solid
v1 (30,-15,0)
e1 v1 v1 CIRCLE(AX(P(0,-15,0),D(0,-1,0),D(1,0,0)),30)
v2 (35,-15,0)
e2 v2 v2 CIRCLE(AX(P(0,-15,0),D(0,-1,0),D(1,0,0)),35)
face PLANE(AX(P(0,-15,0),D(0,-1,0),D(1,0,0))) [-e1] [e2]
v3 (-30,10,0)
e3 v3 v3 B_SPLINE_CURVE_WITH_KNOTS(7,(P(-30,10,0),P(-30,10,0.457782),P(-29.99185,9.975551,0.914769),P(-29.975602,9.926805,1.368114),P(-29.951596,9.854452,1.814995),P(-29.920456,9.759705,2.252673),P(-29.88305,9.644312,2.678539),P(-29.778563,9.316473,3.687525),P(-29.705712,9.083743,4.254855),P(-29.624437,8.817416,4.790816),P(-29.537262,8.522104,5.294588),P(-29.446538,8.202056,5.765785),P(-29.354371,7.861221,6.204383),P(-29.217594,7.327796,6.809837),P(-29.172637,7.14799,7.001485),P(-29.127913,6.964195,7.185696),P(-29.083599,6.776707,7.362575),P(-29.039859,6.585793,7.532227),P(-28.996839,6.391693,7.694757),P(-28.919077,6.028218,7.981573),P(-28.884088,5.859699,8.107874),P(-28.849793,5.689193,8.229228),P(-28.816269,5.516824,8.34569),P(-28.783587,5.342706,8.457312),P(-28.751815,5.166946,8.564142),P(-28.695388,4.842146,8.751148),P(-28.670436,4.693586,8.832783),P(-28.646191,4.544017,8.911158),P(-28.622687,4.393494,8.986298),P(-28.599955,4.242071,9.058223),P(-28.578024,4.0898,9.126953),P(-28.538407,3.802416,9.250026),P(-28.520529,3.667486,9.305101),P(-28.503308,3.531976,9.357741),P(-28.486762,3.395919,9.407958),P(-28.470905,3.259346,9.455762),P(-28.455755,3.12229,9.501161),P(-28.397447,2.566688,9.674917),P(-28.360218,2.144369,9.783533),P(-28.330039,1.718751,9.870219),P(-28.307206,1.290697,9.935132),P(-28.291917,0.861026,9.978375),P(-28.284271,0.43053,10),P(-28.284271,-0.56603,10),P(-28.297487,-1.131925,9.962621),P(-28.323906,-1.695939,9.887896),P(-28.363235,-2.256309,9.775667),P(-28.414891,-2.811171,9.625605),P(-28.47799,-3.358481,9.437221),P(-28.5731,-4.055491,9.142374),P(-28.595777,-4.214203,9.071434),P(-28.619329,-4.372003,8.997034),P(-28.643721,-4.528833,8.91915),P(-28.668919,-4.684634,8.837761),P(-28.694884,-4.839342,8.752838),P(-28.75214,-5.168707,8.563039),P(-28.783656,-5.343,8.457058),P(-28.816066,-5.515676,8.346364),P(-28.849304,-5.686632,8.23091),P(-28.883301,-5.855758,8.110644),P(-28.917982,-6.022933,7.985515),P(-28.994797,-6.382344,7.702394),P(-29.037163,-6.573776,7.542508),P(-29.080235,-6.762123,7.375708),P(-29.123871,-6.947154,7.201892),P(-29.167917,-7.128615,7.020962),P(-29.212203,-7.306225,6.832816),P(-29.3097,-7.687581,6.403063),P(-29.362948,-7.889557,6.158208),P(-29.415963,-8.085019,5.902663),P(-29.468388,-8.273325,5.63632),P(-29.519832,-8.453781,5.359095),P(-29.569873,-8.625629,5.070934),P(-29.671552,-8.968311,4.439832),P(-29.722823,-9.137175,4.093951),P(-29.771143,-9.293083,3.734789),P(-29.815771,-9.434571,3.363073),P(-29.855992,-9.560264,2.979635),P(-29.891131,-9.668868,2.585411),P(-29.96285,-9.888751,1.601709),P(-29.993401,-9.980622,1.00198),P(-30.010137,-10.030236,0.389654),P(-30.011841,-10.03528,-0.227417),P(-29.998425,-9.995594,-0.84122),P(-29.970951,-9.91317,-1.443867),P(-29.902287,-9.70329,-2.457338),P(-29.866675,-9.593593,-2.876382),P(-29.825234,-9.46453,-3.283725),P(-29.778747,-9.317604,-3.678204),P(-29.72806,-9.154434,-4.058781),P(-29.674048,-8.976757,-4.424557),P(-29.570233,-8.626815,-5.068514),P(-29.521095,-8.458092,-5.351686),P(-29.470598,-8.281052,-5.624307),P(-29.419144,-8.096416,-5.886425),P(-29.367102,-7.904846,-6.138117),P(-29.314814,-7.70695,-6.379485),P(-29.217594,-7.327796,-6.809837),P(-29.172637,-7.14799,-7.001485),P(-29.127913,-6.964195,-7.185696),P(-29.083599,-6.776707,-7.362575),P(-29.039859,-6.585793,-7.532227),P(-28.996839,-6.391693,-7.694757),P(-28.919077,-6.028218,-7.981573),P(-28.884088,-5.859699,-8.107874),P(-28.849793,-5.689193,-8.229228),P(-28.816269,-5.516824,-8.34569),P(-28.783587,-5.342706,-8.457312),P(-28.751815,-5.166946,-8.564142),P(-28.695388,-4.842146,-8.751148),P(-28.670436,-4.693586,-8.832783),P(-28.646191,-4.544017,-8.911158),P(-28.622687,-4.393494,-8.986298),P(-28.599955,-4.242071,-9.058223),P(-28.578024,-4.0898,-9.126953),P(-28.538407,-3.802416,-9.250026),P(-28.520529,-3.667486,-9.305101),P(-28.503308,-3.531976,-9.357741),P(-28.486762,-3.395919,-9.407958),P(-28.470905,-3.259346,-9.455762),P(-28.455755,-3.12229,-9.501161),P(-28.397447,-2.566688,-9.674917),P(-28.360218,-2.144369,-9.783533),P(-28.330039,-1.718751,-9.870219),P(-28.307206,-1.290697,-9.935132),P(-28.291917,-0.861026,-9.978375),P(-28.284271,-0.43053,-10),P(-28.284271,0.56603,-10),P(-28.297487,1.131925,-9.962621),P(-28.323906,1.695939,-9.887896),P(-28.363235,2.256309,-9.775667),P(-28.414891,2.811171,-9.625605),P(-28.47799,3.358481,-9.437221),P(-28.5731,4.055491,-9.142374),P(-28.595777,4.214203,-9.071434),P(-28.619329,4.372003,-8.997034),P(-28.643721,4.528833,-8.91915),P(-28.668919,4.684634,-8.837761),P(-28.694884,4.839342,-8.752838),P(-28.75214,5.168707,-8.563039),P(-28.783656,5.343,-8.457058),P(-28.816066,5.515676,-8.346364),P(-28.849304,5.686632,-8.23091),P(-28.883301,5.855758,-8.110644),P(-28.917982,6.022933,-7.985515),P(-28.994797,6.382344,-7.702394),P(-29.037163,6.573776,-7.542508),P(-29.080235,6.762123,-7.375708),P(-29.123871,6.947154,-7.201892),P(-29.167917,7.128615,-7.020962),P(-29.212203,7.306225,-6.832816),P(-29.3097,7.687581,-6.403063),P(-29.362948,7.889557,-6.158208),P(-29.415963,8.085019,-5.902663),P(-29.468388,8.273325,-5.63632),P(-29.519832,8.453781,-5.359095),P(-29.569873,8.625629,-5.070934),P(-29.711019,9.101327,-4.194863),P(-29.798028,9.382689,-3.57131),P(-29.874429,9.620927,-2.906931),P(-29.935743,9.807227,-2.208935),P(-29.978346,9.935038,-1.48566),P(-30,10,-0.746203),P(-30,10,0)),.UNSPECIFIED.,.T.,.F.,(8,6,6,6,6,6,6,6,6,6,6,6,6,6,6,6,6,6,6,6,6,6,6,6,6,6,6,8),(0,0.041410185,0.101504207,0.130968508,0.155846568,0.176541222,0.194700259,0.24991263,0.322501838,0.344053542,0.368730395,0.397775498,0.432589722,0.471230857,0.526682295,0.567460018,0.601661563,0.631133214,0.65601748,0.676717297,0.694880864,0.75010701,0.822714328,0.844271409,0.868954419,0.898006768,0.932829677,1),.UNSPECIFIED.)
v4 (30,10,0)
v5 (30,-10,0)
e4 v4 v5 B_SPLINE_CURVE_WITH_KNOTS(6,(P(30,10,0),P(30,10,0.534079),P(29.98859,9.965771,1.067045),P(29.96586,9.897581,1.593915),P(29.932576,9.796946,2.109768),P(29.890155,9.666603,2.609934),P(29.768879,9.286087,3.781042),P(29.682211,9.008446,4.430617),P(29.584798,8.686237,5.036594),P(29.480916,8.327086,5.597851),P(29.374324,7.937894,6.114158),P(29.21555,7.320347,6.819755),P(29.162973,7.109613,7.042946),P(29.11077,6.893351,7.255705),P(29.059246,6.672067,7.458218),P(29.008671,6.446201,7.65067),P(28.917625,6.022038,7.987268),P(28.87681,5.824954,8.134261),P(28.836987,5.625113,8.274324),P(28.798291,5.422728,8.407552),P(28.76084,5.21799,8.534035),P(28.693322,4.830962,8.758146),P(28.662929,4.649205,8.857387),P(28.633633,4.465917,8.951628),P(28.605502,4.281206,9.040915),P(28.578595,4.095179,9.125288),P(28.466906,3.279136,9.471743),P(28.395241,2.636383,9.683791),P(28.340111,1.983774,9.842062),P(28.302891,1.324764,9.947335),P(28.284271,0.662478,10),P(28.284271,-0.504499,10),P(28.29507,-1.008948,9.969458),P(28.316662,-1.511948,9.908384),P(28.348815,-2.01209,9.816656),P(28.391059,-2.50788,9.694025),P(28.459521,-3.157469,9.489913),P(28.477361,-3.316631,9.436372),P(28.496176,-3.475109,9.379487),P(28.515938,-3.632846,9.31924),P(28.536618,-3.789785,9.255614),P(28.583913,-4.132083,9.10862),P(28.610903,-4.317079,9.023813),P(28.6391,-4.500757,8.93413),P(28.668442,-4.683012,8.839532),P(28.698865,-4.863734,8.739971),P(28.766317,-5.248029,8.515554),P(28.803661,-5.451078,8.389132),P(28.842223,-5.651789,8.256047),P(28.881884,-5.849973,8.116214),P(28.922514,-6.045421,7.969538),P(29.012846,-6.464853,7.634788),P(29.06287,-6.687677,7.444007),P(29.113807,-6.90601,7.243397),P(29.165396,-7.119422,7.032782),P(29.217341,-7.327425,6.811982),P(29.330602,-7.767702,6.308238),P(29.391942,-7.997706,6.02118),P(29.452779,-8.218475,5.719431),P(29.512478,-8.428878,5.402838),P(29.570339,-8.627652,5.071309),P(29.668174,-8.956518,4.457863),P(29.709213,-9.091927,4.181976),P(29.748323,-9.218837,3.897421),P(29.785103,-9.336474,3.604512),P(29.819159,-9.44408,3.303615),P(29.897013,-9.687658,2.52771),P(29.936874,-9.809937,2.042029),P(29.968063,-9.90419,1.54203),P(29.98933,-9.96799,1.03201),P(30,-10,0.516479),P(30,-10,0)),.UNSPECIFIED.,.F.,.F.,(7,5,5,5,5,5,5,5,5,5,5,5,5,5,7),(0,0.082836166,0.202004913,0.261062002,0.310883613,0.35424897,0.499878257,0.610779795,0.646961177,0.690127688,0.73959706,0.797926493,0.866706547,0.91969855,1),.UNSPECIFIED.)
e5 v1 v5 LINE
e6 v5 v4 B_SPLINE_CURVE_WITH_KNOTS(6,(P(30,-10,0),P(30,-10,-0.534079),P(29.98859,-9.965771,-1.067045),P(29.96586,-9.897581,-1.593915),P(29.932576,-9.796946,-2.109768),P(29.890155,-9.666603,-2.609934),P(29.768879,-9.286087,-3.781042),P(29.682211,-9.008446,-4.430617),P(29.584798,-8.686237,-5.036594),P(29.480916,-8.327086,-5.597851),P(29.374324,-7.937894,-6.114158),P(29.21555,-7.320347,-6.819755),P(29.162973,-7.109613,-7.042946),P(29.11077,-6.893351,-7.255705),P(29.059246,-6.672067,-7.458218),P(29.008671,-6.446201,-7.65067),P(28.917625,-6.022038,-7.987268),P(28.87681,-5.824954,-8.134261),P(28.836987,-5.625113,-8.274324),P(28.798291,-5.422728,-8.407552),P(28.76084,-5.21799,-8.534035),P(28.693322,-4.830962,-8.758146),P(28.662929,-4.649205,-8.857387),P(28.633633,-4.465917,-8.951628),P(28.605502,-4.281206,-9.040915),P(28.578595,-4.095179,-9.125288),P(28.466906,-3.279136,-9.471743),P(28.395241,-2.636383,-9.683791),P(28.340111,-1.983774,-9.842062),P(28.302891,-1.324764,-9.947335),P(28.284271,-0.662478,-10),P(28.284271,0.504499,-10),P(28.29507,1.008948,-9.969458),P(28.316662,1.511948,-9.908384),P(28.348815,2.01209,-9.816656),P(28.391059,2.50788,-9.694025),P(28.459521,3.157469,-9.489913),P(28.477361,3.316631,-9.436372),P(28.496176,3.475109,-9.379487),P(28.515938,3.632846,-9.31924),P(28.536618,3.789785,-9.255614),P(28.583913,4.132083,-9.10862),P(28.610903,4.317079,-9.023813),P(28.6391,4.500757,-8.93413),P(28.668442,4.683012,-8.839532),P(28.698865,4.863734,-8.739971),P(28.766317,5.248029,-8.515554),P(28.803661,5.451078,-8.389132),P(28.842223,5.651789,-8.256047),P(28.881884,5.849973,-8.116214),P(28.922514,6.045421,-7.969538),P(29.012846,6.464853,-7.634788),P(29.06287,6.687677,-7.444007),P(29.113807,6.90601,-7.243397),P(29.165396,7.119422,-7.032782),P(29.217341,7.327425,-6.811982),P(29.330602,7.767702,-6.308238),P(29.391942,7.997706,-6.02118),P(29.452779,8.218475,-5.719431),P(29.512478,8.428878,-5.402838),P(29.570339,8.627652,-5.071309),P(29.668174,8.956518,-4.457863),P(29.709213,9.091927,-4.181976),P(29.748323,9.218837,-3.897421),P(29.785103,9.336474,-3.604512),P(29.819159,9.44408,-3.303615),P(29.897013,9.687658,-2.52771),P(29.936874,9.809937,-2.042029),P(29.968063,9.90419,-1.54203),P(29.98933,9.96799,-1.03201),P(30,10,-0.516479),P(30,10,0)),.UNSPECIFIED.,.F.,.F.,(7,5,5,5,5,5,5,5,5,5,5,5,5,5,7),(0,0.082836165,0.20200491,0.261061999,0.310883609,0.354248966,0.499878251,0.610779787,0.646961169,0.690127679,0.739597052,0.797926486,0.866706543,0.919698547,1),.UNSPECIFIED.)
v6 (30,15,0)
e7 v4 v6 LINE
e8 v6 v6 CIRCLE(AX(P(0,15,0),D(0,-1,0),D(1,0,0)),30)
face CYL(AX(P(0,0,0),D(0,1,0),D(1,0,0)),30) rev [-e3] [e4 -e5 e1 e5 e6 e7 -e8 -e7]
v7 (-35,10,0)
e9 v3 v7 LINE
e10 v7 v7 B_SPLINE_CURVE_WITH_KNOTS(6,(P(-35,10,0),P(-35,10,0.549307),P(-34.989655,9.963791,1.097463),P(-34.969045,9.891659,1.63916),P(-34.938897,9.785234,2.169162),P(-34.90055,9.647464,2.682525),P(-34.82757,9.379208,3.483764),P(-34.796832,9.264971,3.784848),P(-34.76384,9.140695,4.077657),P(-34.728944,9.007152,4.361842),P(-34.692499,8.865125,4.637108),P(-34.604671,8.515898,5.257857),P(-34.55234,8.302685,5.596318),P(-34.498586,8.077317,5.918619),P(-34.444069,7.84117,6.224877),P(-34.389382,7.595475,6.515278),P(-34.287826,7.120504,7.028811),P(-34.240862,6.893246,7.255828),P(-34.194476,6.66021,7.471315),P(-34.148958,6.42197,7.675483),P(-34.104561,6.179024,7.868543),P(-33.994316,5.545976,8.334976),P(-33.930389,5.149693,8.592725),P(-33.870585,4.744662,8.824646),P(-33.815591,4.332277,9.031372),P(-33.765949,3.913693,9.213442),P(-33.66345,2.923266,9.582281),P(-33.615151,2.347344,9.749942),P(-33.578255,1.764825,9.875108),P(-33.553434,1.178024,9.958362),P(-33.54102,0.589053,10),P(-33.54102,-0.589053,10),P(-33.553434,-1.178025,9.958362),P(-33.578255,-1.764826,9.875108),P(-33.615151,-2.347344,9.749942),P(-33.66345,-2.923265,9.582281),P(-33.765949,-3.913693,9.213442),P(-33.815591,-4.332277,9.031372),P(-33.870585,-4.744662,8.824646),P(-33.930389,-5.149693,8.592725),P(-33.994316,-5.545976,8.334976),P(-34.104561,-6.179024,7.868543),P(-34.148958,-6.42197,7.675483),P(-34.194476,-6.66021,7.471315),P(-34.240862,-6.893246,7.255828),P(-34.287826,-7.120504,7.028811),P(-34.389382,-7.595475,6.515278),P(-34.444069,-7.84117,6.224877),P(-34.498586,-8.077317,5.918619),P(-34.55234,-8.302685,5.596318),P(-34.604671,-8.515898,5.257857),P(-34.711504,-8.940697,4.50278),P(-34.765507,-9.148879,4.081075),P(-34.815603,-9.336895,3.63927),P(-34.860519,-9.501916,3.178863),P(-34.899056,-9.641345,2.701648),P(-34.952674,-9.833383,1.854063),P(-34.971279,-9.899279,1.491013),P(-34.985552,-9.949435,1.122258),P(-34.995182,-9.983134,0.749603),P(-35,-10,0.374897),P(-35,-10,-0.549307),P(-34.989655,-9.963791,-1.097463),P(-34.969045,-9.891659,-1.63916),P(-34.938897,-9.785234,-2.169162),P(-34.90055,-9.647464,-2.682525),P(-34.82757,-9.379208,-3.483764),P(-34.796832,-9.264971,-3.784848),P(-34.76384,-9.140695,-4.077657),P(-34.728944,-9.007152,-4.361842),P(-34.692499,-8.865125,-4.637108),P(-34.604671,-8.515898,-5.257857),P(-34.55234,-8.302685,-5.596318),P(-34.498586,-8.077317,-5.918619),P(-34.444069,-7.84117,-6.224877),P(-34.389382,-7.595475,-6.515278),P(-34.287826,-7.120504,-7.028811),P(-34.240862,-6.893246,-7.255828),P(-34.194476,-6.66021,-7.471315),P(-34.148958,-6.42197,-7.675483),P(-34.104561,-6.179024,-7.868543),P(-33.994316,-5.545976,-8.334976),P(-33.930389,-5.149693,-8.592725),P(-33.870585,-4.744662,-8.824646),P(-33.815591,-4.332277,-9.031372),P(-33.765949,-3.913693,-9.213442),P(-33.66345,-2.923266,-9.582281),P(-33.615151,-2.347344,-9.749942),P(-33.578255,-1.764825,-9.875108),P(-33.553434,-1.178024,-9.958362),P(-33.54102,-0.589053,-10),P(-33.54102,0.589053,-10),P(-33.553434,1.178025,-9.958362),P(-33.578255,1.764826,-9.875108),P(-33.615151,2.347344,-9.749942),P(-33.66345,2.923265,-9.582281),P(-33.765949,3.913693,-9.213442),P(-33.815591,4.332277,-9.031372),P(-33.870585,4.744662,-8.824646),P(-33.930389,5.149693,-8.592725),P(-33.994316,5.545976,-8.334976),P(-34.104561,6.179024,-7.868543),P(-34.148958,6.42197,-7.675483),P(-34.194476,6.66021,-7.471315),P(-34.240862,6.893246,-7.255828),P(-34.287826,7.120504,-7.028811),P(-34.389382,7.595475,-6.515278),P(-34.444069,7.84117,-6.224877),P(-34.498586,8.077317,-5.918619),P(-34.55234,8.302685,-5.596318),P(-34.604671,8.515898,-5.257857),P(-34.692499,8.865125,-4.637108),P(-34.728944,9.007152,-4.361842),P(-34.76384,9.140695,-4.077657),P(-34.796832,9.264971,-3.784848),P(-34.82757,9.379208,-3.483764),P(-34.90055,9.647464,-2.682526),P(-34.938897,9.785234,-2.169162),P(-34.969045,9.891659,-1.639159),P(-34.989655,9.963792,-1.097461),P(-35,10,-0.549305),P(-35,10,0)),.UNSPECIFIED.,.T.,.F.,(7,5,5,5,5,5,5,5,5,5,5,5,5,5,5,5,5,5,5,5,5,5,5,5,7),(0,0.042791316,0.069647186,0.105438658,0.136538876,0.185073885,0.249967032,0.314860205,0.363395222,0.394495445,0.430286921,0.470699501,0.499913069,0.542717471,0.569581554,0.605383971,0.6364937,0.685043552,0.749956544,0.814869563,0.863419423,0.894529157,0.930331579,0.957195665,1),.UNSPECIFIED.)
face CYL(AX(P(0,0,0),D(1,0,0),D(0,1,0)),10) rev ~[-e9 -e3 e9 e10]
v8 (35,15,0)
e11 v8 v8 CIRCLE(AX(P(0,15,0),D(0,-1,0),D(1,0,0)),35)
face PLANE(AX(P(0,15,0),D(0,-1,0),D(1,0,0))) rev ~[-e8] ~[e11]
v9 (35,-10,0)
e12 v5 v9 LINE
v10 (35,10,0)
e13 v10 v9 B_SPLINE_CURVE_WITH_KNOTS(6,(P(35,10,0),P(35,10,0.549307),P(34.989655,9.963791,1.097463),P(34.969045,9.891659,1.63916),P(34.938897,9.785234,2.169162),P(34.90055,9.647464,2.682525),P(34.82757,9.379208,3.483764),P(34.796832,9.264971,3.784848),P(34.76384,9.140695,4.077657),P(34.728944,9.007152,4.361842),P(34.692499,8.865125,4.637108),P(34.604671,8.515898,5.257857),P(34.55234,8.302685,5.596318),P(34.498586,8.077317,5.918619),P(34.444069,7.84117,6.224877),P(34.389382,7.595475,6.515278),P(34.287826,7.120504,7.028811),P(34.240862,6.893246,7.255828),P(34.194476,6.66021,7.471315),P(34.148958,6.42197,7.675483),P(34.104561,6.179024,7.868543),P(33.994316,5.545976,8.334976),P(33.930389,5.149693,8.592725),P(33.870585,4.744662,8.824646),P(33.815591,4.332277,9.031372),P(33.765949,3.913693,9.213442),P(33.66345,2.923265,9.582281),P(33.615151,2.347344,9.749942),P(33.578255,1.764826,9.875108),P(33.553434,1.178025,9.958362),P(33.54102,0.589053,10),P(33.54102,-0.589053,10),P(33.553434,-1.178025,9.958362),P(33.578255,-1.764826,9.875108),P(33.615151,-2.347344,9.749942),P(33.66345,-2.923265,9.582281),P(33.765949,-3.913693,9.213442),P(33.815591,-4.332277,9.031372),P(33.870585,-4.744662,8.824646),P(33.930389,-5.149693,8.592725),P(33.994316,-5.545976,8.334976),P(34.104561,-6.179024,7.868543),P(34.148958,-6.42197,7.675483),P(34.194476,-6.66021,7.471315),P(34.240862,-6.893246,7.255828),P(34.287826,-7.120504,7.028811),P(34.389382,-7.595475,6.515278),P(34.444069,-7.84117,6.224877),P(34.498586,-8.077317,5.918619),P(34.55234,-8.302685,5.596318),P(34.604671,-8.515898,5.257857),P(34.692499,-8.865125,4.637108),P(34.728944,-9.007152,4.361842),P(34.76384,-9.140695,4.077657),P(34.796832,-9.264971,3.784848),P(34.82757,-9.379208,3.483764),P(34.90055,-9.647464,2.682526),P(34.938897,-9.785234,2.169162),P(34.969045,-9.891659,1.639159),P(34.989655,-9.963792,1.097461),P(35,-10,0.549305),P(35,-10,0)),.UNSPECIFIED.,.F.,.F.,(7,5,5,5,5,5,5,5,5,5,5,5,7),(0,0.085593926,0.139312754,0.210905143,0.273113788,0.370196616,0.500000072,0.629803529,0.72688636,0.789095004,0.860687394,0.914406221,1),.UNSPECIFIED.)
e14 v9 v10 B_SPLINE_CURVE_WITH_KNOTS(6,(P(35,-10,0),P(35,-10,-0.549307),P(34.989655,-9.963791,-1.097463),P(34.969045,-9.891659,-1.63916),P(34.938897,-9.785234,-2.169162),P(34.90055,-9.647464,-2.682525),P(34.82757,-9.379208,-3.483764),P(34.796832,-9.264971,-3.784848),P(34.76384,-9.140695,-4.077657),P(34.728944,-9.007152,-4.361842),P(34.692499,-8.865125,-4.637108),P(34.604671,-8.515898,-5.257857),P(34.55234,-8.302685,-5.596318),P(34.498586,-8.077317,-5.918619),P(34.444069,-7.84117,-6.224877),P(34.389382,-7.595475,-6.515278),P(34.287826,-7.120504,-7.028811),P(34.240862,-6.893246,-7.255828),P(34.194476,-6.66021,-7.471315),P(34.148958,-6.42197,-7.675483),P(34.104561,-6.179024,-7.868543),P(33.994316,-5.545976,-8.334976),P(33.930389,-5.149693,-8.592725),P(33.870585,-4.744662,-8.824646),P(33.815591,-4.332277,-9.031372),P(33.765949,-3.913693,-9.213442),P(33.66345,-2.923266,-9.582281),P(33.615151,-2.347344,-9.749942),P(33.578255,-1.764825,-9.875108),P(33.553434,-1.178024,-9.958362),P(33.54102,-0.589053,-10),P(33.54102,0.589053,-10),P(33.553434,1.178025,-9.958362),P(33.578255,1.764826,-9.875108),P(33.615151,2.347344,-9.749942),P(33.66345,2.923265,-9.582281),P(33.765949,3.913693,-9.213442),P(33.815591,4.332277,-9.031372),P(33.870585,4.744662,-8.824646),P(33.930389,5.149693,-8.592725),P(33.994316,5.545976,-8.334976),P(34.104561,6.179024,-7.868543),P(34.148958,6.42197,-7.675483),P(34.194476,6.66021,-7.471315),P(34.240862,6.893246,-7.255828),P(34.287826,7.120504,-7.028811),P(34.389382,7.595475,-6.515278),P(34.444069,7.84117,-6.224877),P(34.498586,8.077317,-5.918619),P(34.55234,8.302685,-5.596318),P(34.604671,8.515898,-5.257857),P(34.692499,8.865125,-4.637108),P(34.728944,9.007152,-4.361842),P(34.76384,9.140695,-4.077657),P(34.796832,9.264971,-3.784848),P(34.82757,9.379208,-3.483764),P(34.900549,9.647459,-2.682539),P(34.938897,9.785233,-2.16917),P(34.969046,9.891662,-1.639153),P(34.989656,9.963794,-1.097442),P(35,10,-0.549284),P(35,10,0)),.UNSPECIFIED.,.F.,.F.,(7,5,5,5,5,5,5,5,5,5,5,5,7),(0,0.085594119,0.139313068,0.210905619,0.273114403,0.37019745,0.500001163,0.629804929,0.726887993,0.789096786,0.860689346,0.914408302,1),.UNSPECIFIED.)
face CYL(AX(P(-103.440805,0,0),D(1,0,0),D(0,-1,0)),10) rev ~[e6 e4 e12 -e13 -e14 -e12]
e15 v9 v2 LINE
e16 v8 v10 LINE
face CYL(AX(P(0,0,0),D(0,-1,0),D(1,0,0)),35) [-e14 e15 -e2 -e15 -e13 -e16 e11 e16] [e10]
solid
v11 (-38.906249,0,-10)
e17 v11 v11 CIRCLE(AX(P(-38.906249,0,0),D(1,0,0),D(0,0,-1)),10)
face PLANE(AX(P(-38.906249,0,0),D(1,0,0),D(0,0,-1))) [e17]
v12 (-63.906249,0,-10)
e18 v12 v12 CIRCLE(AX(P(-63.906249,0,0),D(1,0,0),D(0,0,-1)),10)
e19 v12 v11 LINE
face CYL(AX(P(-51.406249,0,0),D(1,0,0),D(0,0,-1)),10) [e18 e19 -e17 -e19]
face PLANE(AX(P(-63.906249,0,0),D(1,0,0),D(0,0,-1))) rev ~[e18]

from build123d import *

# Parameters (mm, degrees)
F0_R     = 35
F0_R_2   = 30
F1_DEPTH = 15
F3_D     = 20
F3_DEPTH = 35.001
F4_W     = 25
F4_H     = 10
F7_D     = 20


with BuildPart() as f1:
    # F0 (on Front) → F1 (new body, symmetric)
    with BuildSketch(Plane.XZ):
        Circle(F0_R)
        Circle(F0_R_2, mode=Mode.SUBTRACT)
    extrude(amount=F1_DEPTH, both=True)

    # F3 (through all, one way)
    with BuildSketch(Plane.YZ):
        with Locations((0, 0)):
            Circle(F3_D / 2)
    extrude(amount=-F3_DEPTH, mode=Mode.SUBTRACT)

    # F7 (through all)
    with Locations(Plane(origin=(0, 0, 0), x_dir=(0, 1, 0), z_dir=(-1, 0, 0))):
        with Locations((0, 0)):
            Hole(F7_D / 2)


with BuildPart() as f5:
    # F4 (on Front) → F5 (revolve)
    with BuildSketch(Plane.XZ):
        with Locations((-51.4062489375, -5)):
            Rectangle(F4_W, F4_H)
    revolve(axis=Axis((-51.4062489375, 0, 0), (1, 0, 0)))


solid = Compound([f1.part, f5.part])
